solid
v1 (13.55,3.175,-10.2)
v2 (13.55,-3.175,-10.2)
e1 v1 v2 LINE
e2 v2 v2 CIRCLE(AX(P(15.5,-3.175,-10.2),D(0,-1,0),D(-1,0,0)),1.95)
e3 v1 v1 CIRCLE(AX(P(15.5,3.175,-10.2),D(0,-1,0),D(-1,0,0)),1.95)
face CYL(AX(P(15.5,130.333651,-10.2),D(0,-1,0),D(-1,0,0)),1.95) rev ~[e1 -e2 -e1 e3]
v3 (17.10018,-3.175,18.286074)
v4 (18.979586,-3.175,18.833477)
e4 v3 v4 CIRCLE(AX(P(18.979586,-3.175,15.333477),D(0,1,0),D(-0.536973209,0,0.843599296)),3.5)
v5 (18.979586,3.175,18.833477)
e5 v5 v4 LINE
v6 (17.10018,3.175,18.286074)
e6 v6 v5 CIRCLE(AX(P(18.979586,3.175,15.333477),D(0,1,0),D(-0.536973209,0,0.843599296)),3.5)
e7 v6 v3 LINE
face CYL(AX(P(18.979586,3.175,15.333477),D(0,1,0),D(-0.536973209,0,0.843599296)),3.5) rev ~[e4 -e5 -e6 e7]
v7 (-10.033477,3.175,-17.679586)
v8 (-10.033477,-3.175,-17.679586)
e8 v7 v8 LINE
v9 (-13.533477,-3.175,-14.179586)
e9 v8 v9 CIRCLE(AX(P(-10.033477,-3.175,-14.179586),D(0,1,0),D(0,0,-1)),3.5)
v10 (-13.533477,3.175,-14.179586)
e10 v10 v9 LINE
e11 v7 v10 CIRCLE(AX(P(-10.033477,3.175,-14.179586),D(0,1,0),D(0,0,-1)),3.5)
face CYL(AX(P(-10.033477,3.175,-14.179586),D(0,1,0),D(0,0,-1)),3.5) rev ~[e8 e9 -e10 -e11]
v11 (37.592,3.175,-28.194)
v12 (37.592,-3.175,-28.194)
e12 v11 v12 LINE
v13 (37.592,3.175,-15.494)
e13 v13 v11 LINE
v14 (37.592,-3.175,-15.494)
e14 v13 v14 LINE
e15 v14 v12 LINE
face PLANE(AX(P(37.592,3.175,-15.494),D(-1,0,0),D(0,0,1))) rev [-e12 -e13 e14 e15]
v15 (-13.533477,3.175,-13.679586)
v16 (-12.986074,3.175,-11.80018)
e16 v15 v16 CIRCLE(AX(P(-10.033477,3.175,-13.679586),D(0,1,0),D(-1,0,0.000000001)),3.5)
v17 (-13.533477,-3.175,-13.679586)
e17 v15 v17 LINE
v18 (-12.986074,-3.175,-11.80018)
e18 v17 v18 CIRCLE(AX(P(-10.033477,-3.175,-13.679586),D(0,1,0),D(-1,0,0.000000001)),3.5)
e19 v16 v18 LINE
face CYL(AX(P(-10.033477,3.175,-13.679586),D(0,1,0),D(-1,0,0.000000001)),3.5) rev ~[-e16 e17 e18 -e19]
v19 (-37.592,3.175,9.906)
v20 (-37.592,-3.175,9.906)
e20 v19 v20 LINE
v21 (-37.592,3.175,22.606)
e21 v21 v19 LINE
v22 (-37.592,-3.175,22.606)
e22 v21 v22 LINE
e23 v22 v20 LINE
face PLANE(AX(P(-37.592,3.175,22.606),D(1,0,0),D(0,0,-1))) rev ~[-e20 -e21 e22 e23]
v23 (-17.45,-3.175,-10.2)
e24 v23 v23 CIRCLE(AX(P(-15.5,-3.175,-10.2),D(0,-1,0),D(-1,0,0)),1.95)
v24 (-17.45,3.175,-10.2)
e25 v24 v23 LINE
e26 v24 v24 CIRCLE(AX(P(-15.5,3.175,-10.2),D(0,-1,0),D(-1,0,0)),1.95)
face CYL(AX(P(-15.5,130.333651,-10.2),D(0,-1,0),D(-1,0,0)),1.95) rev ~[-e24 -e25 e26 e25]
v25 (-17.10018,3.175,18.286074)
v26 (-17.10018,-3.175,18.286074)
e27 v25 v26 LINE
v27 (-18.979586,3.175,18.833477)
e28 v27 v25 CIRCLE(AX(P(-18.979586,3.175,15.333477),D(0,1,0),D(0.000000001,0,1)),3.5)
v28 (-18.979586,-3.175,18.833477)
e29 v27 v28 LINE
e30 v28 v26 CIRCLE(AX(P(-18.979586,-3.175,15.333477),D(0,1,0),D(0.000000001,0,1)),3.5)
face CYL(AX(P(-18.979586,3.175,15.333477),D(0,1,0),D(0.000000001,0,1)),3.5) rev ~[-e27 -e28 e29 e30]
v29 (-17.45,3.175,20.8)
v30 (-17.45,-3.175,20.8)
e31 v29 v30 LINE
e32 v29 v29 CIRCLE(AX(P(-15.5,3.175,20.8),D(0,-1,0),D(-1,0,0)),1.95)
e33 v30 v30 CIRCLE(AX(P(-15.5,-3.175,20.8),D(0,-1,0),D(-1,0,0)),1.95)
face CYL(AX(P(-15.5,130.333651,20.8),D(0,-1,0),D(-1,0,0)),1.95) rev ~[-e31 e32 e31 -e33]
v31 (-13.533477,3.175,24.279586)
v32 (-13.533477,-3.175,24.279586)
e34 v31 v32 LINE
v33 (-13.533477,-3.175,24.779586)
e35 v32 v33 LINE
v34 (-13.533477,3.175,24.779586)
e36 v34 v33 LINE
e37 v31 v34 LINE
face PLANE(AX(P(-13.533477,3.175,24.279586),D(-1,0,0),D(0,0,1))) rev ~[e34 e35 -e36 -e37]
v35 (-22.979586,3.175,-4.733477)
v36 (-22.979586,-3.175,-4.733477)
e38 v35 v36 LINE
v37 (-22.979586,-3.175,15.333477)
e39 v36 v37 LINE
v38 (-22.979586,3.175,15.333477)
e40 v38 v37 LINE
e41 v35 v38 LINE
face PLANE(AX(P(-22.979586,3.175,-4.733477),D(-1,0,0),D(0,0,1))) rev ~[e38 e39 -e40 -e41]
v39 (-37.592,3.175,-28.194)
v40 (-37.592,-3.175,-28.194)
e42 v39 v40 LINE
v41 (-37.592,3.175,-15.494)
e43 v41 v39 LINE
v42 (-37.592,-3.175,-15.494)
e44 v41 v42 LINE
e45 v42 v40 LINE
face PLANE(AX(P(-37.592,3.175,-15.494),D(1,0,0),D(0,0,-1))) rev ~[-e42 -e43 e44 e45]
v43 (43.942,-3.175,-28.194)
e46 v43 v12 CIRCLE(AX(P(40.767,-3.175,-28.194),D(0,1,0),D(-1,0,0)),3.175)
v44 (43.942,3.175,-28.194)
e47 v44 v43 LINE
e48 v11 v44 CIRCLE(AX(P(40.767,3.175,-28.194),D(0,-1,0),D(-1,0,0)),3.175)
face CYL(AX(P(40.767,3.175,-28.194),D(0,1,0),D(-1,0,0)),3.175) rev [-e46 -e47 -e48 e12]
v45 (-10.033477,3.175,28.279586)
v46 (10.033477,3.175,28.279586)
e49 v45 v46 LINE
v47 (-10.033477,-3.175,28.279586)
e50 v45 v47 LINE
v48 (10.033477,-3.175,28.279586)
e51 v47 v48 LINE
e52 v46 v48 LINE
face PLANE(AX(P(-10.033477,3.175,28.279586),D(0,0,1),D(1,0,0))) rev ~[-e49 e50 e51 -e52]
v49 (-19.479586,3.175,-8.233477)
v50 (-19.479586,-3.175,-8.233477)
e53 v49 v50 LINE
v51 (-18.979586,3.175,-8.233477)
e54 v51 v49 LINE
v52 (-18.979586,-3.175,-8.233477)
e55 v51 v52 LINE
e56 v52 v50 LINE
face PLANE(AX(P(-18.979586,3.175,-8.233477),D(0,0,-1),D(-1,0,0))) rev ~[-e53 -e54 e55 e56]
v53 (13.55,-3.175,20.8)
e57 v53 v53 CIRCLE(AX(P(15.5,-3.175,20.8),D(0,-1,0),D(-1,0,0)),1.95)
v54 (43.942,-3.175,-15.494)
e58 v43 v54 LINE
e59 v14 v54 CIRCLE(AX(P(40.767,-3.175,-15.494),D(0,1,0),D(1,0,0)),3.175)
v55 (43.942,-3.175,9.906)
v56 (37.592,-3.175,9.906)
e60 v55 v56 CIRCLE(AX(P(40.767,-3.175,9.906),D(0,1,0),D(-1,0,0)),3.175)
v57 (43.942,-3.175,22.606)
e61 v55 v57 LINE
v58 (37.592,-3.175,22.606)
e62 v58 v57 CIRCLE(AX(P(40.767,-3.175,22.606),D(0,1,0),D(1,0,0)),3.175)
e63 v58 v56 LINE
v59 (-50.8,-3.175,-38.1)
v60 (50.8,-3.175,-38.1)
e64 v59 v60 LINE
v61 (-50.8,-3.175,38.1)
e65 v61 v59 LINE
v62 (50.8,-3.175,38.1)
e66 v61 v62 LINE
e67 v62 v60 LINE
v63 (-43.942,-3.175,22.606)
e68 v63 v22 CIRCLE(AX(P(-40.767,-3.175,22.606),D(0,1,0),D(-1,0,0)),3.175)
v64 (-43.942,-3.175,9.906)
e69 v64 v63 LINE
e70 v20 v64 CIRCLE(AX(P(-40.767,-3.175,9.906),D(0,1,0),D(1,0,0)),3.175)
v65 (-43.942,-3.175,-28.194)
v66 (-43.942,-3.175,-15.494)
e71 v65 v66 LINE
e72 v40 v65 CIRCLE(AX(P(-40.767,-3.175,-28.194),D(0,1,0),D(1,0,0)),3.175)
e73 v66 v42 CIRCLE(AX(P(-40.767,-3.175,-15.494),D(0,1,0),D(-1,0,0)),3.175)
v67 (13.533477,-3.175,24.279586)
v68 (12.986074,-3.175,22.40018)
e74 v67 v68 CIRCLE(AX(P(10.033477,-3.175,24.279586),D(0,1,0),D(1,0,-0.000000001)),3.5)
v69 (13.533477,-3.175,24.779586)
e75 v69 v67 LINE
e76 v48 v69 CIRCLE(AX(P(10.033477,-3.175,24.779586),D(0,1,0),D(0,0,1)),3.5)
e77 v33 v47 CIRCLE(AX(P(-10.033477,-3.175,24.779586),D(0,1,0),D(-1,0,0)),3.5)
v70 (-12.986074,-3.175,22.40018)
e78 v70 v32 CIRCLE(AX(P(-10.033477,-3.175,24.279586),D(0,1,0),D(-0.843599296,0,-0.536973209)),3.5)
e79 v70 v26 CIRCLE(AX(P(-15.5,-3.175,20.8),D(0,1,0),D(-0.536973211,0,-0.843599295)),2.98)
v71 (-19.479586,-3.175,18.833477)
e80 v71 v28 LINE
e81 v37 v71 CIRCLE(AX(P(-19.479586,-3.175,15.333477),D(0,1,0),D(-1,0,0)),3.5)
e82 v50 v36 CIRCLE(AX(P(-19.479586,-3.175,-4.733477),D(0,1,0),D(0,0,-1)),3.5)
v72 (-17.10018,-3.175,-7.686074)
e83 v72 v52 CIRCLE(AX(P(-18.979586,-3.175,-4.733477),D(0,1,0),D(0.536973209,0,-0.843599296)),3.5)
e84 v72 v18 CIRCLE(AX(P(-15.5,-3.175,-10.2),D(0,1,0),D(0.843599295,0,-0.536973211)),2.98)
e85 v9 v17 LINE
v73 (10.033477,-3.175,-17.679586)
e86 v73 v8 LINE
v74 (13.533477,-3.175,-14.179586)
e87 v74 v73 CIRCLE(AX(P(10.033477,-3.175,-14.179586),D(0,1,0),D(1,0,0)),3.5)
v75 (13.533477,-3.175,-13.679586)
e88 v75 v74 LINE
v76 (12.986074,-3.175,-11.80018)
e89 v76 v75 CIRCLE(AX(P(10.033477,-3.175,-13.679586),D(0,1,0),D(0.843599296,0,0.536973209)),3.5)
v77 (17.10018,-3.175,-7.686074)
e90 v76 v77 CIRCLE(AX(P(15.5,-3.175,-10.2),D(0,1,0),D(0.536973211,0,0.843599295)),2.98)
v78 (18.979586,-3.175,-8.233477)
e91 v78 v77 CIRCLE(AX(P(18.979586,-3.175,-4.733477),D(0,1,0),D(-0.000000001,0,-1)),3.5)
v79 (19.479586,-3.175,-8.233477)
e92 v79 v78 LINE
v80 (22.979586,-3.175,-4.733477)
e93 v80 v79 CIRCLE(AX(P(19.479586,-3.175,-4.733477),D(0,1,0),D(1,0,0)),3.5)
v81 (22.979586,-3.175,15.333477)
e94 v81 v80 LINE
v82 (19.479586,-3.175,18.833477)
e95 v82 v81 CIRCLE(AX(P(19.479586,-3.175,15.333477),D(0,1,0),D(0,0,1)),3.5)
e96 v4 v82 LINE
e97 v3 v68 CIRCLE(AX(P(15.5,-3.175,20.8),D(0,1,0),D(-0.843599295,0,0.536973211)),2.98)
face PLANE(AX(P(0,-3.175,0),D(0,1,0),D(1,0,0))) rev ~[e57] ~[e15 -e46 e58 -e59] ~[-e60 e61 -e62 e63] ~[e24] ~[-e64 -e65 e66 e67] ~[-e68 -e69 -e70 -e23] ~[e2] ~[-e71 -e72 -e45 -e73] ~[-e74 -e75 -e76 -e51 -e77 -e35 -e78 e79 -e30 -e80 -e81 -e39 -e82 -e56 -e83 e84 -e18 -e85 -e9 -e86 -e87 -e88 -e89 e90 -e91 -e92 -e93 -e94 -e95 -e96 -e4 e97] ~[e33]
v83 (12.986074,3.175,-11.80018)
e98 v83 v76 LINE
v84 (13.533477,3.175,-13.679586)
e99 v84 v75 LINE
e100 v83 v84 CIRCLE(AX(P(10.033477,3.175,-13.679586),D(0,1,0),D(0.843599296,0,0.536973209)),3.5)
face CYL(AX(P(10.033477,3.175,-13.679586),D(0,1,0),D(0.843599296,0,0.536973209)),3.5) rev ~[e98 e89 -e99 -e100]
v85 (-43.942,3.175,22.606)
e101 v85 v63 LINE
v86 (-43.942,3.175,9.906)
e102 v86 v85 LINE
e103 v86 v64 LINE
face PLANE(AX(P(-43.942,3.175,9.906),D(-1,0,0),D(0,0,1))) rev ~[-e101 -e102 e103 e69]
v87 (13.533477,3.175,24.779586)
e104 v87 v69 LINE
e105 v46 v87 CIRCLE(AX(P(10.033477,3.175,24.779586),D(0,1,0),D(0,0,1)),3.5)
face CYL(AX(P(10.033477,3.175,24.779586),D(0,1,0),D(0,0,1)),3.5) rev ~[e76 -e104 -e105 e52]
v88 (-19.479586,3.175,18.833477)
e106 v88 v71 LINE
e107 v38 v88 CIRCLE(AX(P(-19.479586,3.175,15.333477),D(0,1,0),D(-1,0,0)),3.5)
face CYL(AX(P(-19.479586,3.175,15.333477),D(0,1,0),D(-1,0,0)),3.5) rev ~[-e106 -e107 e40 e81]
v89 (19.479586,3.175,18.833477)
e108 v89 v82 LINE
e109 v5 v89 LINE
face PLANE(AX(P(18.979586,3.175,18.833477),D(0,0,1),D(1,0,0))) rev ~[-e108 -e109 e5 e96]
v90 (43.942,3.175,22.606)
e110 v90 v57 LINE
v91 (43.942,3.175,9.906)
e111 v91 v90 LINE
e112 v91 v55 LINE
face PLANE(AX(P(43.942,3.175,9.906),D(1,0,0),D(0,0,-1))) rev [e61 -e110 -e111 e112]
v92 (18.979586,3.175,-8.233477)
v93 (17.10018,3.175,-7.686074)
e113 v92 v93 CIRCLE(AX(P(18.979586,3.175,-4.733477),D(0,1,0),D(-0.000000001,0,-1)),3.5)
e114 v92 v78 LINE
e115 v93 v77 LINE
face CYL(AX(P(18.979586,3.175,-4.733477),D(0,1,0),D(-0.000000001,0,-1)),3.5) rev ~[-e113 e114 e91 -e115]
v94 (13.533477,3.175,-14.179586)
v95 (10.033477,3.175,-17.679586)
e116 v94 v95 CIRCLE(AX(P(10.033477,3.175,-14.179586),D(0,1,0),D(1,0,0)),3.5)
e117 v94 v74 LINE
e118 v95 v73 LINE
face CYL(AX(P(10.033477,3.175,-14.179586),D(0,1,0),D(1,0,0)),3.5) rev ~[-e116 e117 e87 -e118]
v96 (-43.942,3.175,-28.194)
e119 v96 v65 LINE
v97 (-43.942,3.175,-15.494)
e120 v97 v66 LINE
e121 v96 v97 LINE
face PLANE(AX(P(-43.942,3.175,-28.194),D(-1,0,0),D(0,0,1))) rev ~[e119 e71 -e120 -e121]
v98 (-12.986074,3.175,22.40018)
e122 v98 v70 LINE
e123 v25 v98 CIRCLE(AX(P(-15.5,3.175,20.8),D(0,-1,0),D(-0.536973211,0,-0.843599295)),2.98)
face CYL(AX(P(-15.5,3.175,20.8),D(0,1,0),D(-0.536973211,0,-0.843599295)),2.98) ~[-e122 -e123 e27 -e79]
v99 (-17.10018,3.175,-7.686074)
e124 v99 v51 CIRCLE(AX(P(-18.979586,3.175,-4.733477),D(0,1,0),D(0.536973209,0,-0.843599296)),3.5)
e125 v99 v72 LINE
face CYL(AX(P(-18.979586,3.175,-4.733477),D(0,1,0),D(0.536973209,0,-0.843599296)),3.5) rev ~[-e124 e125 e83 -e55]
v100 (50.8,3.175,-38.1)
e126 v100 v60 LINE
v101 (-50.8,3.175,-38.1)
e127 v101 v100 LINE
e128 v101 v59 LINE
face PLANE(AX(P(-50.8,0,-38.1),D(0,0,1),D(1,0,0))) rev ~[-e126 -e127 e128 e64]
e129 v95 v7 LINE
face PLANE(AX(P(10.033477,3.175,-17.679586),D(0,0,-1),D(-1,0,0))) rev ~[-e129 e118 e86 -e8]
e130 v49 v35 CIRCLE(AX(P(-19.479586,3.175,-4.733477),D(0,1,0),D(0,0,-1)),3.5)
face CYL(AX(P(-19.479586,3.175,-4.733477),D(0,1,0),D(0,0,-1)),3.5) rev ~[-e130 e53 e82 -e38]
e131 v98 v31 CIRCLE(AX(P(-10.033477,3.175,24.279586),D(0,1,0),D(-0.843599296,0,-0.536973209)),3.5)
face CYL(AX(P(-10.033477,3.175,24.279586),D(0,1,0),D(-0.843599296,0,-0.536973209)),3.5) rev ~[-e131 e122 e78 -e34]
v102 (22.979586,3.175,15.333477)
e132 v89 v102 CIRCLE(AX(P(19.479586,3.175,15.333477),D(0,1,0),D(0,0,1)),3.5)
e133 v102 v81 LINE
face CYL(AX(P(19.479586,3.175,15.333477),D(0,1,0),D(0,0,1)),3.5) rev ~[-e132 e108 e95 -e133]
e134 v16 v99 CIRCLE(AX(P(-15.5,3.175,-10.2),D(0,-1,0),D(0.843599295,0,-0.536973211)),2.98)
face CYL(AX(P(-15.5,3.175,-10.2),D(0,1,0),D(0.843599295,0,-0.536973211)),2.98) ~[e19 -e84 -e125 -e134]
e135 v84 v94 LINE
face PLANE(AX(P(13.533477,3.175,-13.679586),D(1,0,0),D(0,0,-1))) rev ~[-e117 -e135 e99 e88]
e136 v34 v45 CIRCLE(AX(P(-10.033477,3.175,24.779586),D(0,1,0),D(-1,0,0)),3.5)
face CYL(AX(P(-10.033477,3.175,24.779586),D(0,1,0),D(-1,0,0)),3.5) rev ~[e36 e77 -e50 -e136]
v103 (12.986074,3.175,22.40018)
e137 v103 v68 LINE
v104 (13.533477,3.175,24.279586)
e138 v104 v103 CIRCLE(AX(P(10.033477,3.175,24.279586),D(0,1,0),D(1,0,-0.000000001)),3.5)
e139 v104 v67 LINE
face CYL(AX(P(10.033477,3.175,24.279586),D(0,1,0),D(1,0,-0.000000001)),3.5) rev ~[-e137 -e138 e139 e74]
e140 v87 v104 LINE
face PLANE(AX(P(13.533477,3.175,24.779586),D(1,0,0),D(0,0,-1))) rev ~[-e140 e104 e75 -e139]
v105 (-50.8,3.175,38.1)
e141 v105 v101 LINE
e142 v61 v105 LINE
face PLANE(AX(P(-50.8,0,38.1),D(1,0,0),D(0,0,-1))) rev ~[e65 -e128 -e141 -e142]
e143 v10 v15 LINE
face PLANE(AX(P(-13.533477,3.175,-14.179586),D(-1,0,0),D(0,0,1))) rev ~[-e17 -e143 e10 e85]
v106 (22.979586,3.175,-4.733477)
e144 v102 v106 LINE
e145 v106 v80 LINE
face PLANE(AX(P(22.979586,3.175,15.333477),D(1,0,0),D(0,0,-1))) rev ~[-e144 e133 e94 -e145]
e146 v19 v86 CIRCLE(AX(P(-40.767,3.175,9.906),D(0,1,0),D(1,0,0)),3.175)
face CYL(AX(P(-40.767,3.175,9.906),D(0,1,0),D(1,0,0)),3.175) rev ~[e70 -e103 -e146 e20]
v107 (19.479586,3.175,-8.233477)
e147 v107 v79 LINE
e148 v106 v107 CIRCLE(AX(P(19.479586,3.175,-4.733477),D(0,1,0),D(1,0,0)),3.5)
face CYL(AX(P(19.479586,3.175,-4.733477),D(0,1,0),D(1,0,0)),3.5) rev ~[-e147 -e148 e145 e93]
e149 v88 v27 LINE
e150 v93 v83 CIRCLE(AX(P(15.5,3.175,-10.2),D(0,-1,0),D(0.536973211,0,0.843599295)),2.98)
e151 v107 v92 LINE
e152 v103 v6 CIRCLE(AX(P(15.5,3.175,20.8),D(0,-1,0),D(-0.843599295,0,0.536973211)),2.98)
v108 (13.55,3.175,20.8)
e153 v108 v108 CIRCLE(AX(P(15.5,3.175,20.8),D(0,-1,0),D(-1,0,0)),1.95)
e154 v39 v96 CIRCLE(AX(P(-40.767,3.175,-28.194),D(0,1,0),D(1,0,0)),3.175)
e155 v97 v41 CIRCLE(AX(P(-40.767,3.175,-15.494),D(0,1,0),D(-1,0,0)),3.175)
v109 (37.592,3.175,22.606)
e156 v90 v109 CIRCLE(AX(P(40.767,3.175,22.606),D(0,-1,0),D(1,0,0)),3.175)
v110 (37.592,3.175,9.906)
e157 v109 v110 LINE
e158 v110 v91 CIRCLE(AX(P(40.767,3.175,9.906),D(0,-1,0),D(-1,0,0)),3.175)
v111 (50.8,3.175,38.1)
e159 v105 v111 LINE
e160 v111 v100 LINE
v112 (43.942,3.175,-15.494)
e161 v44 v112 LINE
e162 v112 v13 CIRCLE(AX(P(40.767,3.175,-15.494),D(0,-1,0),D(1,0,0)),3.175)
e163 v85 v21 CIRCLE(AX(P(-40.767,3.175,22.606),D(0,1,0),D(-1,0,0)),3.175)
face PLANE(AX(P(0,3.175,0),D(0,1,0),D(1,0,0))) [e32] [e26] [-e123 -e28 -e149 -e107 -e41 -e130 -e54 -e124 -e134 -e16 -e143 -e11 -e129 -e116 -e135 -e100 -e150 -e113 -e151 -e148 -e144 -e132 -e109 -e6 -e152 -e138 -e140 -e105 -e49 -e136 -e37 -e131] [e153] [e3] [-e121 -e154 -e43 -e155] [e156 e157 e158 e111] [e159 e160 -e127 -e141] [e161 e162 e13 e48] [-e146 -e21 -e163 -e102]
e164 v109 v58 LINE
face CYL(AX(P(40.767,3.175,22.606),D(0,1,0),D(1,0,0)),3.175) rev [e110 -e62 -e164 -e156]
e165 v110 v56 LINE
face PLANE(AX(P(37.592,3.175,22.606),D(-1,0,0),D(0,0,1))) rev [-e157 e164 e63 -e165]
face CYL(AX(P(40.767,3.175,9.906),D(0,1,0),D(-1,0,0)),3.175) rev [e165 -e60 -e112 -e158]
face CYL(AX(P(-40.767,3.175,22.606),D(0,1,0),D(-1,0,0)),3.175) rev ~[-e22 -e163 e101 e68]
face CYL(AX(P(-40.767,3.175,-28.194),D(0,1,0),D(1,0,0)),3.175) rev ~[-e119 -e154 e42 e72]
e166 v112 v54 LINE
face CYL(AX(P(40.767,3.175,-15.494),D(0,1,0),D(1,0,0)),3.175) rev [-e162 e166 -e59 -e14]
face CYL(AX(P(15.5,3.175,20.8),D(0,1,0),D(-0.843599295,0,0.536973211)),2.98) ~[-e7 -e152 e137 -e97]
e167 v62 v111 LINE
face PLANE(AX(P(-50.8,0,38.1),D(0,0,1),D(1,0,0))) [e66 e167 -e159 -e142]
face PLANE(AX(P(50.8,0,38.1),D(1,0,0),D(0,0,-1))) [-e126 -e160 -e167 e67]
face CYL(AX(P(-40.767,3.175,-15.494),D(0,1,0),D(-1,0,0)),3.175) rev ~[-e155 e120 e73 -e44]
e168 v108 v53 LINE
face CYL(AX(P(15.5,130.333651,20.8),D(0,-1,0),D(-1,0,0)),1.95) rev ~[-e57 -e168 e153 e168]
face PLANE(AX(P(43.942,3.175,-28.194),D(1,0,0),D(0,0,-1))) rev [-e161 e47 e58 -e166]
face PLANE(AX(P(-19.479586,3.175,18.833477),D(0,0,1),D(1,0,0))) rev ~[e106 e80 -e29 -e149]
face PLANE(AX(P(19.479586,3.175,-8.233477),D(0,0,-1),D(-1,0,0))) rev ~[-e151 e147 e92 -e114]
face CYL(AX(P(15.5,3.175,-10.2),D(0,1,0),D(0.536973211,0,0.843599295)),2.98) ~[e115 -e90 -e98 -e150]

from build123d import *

# Parameters (mm, degrees)
SKETCH1_W              = 101.6
SKETCH1_H              = 76.2
BOSS_EXTRUDE1_DEPTH    = 3.175
M3_5_CLEARANCE_HOLE1_D = 3.9
CUT_EXTRUDE6_DEPTH     = 64.816710194
CUT_EXTRUDE7_DEPTH     = 64.816710194
CIRPATTERN1_COUNT      = 4
CUT_EXTRUDE8_DEPTH     = 64.816710194


with BuildPart() as part:
    # Sketch1 → Boss-Extrude1 (new, symmetric)
    with BuildSketch(Plane(origin=(0, 0, 0), x_dir=(1, 0, 0), z_dir=(0, 1, 0))):
        Rectangle(SKETCH1_W, SKETCH1_H)
    extrude(amount=BOSS_EXTRUDE1_DEPTH, both=True)

    # M3.5 Clearance Hole1 (through all)
    with Locations(Plane(origin=(0, 3.175, 0), x_dir=(1, 0, 0), z_dir=(0, 1, 0))):
        with Locations((-15.5, 10.2), (15.5, 10.2), (15.5, -20.8), (-15.5, -20.8)):
            Hole(M3_5_CLEARANCE_HOLE1_D / 2)

    # Sketch23 → Cut-Extrude6 (cut, through all)
    with BuildSketch(Plane(origin=(0, 3.175, 0), x_dir=(1, 0, 0), z_dir=(0, 1, 0))):
        with BuildLine():
            Line((-12.9860741, 15.72), (-12.9860741, 11.800180167))
            ThreePointArc((-12.9860741, 11.800180167), (-13.392821792, 8.092821792), (-17.100180167, 7.6860741))
            Line((-17.100180167, 7.6860741), (-21.02, 7.6860741))
            Line((-21.02, 7.6860741), (-21.02, -18.2860741))
            Line((-21.02, -18.2860741), (-17.100180167, -18.2860741))
            ThreePointArc((-17.100180167, -18.2860741), (-13.392821792, -18.692821792), (-12.9860741, -22.400180167))
            Line((-12.9860741, -22.400180167), (-12.9860741, -26.32))
            Line((-12.9860741, -26.32), (12.9860741, -26.32))
            Line((12.9860741, -26.32), (12.9860741, -22.400180167))
            ThreePointArc((12.9860741, -22.400180167), (13.392821792, -18.692821792), (17.100180167, -18.2860741))
            Line((17.100180167, -18.2860741), (21.02, -18.2860741))
            Line((21.02, -18.2860741), (21.02, 7.6860741))
            Line((21.02, 7.6860741), (17.100180167, 7.6860741))
            ThreePointArc((17.100180167, 7.6860741), (13.392821792, 8.092821792), (12.9860741, 11.800180167))
            Line((12.9860741, 11.800180167), (12.9860741, 15.72))
            Line((12.9860741, 15.72), (-12.9860741, 15.72))
        make_face()
    extrude(amount=-CUT_EXTRUDE6_DEPTH, mode=Mode.SUBTRACT)

    # Sketch24 → Cut-Extrude7 (cut, through all)
    with BuildSketch(Plane(origin=(0, 3.175, 0), x_dir=(1, 0, 0), z_dir=(0, 1, 0))):
        with BuildLine():
            Line((-18.979586404, 8.233476566), (-19.479586404, 8.233476566))
            ThreePointArc((-19.479586404, 8.233476566), (-21.954460139, 7.2083503), (-22.979586404, 4.733476566))
            Line((-22.979586404, 4.733476566), (-22.979586404, -15.333476566))
            ThreePointArc((-22.979586404, -15.333476566), (-21.954460139, -17.8083503), (-19.479586404, -18.833476566))
            Line((-19.479586404, -18.833476566), (-18.979586404, -18.833476566))
            ThreePointArc((-18.979586404, -18.833476566), (-18.000834998, -18.693840487), (-17.100180167, -18.2860741))
            ThreePointArc((-17.100180167, -18.2860741), (-13.392821792, -18.692821792), (-12.9860741, -22.400180167))
            Line((-12.9860741, -22.400180167), (-7.9860741, -22.400180167))
            Line((-7.9860741, -22.400180167), (-7.9860741, 11.800180167))
            Line((-7.9860741, 11.800180167), (-12.9860741, 11.800180167))
            ThreePointArc((-12.9860741, 11.800180167), (-13.392821792, 8.092821792), (-17.100180167, 7.6860741))
            ThreePointArc((-17.100180167, 7.6860741), (-18.000834998, 8.093840487), (-18.979586404, 8.233476566))
        make_face()
    cut_extrude7 = extrude(amount=-CUT_EXTRUDE7_DEPTH, mode=Mode.SUBTRACT)

    # CirPattern1: Cut-Extrude7 ×4 about axis
    cirpattern1_axis = Axis((0, 3.175, 5.3), (0, 1, 0))
    for i in range(1, CIRPATTERN1_COUNT):
        add(cut_extrude7.rotate(cirpattern1_axis, i * 360 / CIRPATTERN1_COUNT), mode=Mode.SUBTRACT)

    # Sketch25 → Cut-Extrude8 (cut, through all)
    with BuildSketch(Plane(origin=(0, 3.175, 0), x_dir=(1, 0, 0), z_dir=(0, 1, 0))):
        with BuildLine():
            Line((-43.942, 28.194), (-43.942, 15.494))
            ThreePointArc((-43.942, 15.494), (-40.767, 12.319), (-37.592, 15.494))
            Line((-37.592, 15.494), (-37.592, 28.194))
            ThreePointArc((-37.592, 28.194), (-40.767, 31.369), (-43.942, 28.194))
        make_face()
        with BuildLine():
            Line((-43.942, -9.906), (-43.942, -22.606))
            ThreePointArc((-43.942, -22.606), (-40.767, -25.781), (-37.592, -22.606))
            Line((-37.592, -22.606), (-37.592, -9.906))
            ThreePointArc((-37.592, -9.906), (-40.767, -6.731), (-43.942, -9.906))
        make_face()
    cut_extrude8 = extrude(amount=-CUT_EXTRUDE8_DEPTH, mode=Mode.SUBTRACT)

    # Mirror1: Cut-Extrude8 across plane
    add(cut_extrude8.mirror(Plane(origin=(0, 0, 0), x_dir=(0, 0, 1), z_dir=(1, 0, 0))), mode=Mode.SUBTRACT)


solid = part.part
